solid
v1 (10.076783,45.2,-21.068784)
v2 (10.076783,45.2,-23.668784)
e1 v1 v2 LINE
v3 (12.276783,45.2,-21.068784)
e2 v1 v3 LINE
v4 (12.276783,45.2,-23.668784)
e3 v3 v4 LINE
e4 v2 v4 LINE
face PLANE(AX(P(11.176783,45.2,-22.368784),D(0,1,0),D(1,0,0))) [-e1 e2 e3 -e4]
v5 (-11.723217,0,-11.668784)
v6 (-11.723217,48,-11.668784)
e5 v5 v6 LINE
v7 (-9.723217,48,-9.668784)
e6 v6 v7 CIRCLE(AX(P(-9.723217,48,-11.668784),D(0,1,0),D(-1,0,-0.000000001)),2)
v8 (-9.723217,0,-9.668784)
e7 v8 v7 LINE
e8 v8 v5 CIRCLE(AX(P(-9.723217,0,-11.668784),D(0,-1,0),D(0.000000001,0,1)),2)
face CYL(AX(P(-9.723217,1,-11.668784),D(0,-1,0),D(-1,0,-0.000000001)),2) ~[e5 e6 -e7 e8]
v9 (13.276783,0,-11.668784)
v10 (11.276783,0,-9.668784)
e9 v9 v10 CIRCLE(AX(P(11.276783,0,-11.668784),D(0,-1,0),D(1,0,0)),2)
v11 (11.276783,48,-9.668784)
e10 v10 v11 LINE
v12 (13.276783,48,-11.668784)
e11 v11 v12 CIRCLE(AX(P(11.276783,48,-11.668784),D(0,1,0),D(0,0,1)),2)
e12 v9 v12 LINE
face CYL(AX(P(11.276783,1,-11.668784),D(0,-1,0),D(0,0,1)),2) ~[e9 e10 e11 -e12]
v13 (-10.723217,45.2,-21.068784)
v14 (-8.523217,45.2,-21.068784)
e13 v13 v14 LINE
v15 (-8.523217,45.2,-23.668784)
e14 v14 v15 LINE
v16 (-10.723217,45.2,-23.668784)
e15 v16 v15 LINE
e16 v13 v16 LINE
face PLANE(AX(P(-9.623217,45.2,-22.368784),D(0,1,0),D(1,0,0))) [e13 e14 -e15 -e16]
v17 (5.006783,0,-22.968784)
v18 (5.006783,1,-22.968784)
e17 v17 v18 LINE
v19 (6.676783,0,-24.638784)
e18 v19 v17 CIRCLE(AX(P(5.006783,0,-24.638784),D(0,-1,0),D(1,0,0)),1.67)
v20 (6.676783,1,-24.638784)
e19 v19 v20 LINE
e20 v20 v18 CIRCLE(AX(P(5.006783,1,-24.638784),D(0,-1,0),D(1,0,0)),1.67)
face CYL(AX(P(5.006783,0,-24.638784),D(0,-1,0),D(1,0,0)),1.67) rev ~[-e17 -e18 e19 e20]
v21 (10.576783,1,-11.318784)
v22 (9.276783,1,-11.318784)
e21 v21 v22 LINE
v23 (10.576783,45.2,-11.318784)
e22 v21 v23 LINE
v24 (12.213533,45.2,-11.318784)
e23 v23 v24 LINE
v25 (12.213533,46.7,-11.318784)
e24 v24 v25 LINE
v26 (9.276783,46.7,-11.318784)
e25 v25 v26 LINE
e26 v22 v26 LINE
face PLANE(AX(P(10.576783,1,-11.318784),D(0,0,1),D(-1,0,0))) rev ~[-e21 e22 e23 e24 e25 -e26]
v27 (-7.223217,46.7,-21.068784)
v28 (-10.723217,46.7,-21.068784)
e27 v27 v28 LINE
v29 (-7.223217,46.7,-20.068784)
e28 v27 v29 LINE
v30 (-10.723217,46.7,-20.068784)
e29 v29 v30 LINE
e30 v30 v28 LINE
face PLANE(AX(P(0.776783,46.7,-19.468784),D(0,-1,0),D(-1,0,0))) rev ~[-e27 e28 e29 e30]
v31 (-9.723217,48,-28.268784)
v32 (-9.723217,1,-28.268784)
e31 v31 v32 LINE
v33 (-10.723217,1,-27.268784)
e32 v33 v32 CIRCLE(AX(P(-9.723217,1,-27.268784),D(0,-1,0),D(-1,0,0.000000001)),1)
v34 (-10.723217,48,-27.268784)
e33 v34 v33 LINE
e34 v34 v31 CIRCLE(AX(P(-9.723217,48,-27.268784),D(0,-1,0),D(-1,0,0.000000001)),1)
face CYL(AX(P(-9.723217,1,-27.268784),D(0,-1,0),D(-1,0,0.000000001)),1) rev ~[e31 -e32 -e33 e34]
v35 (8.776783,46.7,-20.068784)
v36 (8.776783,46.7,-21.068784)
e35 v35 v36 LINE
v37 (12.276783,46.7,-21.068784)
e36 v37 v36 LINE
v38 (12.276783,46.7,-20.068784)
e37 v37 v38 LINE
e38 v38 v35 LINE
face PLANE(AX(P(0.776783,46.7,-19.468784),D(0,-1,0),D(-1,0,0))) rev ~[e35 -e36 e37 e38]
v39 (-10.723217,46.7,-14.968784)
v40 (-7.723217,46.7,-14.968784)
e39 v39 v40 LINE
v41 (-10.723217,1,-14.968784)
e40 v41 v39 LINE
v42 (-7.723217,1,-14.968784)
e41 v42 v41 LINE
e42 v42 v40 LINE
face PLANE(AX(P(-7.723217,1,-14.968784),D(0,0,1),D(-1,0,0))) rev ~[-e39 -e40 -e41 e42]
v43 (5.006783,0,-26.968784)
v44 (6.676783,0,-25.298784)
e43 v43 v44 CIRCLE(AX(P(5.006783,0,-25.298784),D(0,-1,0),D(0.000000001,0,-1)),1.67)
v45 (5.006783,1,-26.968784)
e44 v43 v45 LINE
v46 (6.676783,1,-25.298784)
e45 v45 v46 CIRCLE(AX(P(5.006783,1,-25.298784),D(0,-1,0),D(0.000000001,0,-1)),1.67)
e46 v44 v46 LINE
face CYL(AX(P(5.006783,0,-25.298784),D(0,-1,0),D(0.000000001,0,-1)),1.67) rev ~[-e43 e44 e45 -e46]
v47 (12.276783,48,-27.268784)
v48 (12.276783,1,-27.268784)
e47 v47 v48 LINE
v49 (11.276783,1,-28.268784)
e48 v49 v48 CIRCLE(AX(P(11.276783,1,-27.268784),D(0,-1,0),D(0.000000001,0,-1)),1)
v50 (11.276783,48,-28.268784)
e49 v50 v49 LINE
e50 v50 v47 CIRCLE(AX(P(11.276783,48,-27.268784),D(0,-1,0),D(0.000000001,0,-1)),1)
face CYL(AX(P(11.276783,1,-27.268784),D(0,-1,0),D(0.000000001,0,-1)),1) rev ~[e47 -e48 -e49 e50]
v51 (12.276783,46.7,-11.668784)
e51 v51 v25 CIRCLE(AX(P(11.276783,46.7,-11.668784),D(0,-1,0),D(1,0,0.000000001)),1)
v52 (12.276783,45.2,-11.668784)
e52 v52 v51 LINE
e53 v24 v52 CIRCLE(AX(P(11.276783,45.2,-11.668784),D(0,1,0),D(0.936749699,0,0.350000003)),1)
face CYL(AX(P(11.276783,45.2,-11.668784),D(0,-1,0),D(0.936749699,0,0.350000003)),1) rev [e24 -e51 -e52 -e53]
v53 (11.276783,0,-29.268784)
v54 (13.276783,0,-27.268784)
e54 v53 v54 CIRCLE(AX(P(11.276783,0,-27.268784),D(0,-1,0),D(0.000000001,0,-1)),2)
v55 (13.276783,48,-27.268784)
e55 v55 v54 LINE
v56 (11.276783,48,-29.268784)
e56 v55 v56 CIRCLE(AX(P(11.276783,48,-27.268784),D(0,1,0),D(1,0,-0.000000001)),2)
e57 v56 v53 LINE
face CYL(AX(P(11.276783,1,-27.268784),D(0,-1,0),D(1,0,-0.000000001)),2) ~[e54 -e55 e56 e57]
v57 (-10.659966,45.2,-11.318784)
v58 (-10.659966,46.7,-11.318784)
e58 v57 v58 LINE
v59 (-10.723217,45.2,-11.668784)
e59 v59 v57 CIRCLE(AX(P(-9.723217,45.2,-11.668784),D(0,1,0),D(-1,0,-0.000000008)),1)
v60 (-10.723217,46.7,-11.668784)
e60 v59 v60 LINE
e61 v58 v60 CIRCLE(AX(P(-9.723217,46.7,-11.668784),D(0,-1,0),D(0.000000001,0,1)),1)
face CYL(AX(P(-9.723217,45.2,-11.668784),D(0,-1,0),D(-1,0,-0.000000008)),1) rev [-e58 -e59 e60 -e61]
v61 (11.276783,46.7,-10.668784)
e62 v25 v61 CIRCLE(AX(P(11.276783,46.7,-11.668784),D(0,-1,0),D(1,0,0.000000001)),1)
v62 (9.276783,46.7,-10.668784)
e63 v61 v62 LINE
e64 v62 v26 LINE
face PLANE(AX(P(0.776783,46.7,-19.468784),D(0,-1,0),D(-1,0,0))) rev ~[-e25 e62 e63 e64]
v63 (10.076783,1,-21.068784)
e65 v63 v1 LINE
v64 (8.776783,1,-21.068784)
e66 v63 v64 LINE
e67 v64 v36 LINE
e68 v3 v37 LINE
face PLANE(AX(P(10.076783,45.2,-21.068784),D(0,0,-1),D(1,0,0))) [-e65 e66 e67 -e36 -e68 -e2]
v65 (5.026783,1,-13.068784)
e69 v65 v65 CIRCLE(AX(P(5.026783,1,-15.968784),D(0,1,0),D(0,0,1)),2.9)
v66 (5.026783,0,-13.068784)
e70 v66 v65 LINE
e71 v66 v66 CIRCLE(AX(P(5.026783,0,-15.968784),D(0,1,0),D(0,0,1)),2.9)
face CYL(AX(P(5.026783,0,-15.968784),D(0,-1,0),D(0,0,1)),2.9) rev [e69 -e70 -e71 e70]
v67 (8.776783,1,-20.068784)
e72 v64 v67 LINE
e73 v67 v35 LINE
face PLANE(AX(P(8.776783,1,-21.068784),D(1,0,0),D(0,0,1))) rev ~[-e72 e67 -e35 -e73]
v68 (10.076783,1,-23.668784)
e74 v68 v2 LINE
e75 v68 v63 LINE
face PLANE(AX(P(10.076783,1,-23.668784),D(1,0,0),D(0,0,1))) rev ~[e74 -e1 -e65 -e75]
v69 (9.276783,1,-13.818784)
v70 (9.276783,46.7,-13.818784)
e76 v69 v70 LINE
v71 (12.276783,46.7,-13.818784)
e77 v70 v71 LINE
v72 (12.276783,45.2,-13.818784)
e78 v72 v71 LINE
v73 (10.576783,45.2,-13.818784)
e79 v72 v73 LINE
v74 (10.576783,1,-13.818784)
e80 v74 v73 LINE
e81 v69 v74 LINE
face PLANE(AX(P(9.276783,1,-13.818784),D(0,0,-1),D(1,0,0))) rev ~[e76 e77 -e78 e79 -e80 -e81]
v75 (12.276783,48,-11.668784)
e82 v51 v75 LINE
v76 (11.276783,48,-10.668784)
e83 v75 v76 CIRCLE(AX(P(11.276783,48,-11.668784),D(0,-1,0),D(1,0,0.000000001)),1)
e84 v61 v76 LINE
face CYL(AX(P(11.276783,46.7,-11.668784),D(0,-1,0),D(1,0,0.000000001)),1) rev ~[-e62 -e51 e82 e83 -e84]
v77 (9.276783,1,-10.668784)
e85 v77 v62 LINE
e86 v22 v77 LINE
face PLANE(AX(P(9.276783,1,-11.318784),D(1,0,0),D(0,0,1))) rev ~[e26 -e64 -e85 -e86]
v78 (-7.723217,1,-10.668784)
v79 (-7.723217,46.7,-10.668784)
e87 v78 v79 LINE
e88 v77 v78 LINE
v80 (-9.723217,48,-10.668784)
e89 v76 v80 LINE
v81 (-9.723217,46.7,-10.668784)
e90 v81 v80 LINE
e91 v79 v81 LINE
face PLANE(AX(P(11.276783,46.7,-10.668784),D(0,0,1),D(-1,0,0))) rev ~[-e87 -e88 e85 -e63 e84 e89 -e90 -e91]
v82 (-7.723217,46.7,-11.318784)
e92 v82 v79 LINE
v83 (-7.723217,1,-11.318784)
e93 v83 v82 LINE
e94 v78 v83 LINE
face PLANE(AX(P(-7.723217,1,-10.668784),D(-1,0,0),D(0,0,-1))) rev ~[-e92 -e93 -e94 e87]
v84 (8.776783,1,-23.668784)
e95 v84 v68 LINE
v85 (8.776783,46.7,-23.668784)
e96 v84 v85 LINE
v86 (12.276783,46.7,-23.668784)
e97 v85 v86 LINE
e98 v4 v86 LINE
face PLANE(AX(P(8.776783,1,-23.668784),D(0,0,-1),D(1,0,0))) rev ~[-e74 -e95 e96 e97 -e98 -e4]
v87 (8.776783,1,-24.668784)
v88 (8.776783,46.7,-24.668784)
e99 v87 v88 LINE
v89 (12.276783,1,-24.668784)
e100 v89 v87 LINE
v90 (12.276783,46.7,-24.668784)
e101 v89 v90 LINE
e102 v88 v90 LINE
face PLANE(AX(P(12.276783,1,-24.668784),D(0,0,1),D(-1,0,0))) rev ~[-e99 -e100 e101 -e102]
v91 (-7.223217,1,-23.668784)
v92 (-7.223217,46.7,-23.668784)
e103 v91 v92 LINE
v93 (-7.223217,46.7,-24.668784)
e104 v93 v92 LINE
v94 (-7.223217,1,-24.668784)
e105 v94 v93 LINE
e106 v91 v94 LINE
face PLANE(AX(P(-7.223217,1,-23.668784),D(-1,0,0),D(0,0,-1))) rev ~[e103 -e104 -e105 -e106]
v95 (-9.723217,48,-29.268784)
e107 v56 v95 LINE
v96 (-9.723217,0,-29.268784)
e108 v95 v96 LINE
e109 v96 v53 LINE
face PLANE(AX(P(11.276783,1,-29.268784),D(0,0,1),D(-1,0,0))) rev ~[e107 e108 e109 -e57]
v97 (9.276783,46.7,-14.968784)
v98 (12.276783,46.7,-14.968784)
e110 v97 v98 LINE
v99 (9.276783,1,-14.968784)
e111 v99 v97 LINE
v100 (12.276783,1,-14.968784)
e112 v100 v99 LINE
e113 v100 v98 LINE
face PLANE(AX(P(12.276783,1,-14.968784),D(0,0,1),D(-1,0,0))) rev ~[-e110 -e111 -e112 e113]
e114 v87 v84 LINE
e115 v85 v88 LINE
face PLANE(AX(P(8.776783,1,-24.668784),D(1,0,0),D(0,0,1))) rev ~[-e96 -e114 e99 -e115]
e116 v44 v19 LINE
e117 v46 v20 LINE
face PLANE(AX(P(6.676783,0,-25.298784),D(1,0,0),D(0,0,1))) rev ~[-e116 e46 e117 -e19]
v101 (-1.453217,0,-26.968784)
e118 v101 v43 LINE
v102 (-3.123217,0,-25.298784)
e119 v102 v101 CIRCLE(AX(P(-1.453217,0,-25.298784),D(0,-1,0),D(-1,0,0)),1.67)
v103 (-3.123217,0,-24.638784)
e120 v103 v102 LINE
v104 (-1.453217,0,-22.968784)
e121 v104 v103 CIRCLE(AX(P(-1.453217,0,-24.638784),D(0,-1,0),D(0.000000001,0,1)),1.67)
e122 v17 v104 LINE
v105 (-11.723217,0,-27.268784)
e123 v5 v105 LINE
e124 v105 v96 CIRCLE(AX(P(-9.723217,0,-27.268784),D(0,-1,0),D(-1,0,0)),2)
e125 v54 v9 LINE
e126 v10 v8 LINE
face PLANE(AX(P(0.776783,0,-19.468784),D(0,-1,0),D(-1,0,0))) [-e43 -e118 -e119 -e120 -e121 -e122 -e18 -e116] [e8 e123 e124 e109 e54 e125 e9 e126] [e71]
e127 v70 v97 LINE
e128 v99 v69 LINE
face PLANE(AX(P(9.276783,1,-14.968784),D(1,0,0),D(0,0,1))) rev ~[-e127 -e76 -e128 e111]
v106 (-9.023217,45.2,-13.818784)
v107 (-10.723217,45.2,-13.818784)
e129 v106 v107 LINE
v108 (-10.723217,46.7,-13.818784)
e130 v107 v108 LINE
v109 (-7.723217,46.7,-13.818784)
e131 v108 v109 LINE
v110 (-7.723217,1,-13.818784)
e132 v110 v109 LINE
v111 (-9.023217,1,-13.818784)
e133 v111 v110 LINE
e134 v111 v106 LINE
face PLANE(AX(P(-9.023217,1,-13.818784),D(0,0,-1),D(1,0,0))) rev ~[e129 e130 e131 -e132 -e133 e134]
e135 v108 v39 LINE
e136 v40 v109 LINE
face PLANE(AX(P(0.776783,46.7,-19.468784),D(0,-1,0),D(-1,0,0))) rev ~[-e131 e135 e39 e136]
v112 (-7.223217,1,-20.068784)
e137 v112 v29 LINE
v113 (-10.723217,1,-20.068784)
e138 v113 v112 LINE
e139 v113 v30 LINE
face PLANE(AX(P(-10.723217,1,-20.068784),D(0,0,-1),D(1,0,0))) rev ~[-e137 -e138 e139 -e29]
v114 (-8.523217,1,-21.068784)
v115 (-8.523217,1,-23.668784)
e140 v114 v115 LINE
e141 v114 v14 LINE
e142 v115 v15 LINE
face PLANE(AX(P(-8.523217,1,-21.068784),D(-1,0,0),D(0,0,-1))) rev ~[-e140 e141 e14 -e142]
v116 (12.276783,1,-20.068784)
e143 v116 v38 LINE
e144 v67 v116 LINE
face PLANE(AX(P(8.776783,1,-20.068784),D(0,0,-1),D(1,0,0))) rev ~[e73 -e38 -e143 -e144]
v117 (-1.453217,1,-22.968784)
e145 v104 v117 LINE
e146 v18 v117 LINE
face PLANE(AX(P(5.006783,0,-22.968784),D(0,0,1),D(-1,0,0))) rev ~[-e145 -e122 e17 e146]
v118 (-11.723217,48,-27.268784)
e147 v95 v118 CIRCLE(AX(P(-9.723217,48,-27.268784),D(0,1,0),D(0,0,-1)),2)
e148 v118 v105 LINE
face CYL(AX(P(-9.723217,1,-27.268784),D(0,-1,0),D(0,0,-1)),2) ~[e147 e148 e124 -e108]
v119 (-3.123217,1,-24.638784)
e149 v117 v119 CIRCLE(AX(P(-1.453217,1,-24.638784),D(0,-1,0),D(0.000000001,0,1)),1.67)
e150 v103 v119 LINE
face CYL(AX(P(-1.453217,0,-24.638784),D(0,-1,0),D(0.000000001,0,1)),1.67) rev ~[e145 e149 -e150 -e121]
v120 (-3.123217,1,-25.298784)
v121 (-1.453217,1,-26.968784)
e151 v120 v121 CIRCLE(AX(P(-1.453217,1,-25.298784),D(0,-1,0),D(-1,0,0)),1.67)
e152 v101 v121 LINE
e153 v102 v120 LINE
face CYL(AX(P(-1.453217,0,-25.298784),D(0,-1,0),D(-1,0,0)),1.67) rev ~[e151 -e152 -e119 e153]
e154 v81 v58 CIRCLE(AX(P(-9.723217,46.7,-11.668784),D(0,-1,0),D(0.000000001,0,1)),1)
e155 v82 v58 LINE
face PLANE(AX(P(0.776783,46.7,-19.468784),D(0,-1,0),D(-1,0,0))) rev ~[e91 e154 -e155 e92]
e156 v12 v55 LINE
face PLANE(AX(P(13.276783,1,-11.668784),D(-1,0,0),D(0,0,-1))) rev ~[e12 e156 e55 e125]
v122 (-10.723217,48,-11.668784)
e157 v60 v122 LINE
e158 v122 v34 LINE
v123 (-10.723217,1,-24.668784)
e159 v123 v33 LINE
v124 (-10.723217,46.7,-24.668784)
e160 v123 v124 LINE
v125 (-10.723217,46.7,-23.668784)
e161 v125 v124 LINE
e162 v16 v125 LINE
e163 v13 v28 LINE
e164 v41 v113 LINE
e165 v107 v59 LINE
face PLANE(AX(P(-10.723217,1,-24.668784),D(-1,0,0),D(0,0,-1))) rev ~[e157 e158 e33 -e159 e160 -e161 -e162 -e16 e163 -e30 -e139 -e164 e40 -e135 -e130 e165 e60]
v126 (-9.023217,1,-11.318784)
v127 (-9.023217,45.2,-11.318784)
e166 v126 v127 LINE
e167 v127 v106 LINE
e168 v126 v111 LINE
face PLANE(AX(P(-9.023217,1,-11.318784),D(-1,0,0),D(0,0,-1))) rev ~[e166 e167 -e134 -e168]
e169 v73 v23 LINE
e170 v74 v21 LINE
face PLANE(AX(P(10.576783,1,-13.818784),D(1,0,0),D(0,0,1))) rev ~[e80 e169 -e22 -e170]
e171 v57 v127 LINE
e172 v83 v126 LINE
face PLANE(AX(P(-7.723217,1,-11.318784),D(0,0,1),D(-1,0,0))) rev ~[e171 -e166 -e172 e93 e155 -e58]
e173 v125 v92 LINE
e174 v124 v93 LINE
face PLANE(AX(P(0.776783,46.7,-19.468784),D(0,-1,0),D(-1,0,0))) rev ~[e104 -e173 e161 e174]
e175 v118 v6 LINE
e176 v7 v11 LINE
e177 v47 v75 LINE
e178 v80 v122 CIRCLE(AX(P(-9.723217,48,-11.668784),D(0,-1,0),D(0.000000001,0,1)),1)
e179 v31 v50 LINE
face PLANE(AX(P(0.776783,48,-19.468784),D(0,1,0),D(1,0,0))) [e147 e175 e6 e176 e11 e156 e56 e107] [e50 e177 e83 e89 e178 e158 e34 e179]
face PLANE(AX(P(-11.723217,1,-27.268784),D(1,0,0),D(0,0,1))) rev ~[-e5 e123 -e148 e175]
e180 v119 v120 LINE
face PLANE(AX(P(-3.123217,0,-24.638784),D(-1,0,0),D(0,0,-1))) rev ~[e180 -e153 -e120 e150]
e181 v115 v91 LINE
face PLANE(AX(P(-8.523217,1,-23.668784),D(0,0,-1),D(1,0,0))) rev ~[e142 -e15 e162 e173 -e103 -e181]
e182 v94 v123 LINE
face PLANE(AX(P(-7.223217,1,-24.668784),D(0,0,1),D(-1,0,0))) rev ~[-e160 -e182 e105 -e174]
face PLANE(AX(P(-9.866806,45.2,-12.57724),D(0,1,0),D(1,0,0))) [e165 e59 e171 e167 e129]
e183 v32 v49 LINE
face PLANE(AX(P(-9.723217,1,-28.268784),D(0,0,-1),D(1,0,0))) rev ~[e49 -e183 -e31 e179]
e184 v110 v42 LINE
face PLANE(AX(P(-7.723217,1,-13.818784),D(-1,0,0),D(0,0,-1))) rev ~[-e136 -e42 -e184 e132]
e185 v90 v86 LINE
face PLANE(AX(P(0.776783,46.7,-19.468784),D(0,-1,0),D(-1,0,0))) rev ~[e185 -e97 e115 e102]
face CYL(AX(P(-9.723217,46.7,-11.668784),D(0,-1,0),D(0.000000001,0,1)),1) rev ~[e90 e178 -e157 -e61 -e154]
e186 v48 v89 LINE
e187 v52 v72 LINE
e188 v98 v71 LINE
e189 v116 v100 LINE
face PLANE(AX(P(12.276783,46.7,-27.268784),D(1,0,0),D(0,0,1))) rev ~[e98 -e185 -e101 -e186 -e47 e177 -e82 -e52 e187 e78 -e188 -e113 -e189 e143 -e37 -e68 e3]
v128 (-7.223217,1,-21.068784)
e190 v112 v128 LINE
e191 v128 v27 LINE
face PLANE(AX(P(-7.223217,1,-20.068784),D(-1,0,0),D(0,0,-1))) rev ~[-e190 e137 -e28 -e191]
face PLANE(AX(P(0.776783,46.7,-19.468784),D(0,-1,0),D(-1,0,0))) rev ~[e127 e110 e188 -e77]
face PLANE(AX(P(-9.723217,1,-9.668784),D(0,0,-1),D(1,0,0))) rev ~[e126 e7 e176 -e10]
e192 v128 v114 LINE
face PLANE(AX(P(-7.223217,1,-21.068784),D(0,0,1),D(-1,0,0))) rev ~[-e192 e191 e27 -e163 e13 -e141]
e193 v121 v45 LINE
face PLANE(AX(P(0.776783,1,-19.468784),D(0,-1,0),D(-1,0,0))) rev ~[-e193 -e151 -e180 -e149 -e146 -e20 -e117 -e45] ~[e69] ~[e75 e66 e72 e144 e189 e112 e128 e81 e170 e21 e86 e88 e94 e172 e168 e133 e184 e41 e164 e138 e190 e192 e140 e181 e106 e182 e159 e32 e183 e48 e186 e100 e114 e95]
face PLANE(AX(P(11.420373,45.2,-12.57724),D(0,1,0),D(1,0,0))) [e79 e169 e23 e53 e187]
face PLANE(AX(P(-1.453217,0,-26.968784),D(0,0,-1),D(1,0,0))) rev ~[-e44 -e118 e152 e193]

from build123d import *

# Parameters (mm, degrees)
SKETCH_1_R          = 2.9
EXTRUDE_3_DEPTH     = 1
EXTRUDE_6_DEPTH     = 47
CUT_EXTRUDE_START   = -1.3
CUT_EXTRUDE_1_DEPTH = 1.3
CUT_EXTRUDE_START_2 = -1.5
SKETCH_6_W          = 2.2
SKETCH_6_H          = 2.6
CUT_EXTRUDE_2_DEPTH = 1.5


with BuildPart() as part:
    # Эскиз1 → Бобышка-Вытянуть3 (new body)
    with BuildSketch(Plane(origin=(0, 0, 0), x_dir=(1, 0, 0), z_dir=(0, 1, 0))):
        with BuildLine():
            Line((-11.72321672, 11.668784432), (-11.72321672, 27.268784432))
            ThreePointArc((-11.72321672, 27.268784432), (-11.137430283, 28.682997994), (-9.72321672, 29.268784432))
            Line((-9.72321672, 29.268784432), (11.27678328, 29.268784432))
            ThreePointArc((11.27678328, 29.268784432), (12.690996842, 28.682997994), (13.27678328, 27.268784432))
            Line((13.27678328, 27.268784432), (13.27678328, 11.668784432))
            ThreePointArc((13.27678328, 11.668784432), (12.690996842, 10.254570869), (11.27678328, 9.668784432))
            Line((11.27678328, 9.668784432), (9.27678328, 9.668784432))
            Line((9.27678328, 9.668784432), (-9.72321672, 9.668784432))
            ThreePointArc((-9.72321672, 9.668784432), (-11.137430283, 10.254570869), (-11.72321672, 11.668784432))
        make_face()
        with Locations(Location((5.02678328, 15.968784432, 0), (0, 0, 270))):
            Circle(SKETCH_1_R, mode=Mode.SUBTRACT)
        with BuildLine():
            Line((-1.45321672, 26.968784432), (5.00678328, 26.968784432))
            ThreePointArc((5.00678328, 26.968784432), (6.187651604, 26.479652756), (6.67678328, 25.298784432))
            Line((6.67678328, 25.298784432), (6.67678328, 24.638784432))
            ThreePointArc((6.67678328, 24.638784432), (6.187651604, 23.457916107), (5.00678328, 22.968784432))
            Line((5.00678328, 22.968784432), (-1.45321672, 22.968784432))
            ThreePointArc((-1.45321672, 22.968784432), (-2.634085045, 23.457916107), (-3.12321672, 24.638784432))
            Line((-3.12321672, 24.638784432), (-3.12321672, 25.298784432))
            ThreePointArc((-3.12321672, 25.298784432), (-2.634085045, 26.479652756), (-1.45321672, 26.968784432))
        make_face(mode=Mode.SUBTRACT)
    extrude(amount=EXTRUDE_3_DEPTH)

    # Эскиз3 → Бобышка-Вытянуть6 (add)
    with BuildSketch(Plane(origin=(0, 1, 0), x_dir=(1, 0, 0), z_dir=(0, 1, 0))):
        with BuildLine():
            Line((-11.72321672, 27.268784432), (-11.72321672, 11.668784432))
            ThreePointArc((-11.72321672, 11.668784432), (-11.137430283, 10.254570869), (-9.72321672, 9.668784432))
            Line((-9.72321672, 9.668784432), (11.27678328, 9.668784432))
            ThreePointArc((11.27678328, 9.668784432), (12.690996842, 10.254570869), (13.27678328, 11.668784432))
            Line((13.27678328, 11.668784432), (13.27678328, 27.268784432))
            ThreePointArc((13.27678328, 27.268784432), (12.690996842, 28.682997994), (11.27678328, 29.268784432))
            Line((11.27678328, 29.268784432), (-9.72321672, 29.268784432))
            ThreePointArc((-9.72321672, 29.268784432), (-11.137430283, 28.682997994), (-11.72321672, 27.268784432))
        make_face()
        with BuildLine():
            Line((12.27678328, 14.968784432), (9.27678328, 14.968784432))
            Line((9.27678328, 14.968784432), (9.27678328, 13.818784432))
            Line((9.27678328, 13.818784432), (10.57678328, 13.818784432))
            Line((10.57678328, 13.818784432), (10.57678328, 11.318784432))
            Line((10.57678328, 11.318784432), (9.27678328, 11.318784432))
            Line((9.27678328, 11.318784432), (9.27678328, 10.668784432))
            Line((9.27678328, 10.668784432), (-7.72321672, 10.668784432))
            Line((-7.72321672, 10.668784432), (-7.72321672, 11.318784432))
            Line((-7.72321672, 11.318784432), (-9.02321672, 11.318784432))
            Line((-9.02321672, 11.318784432), (-9.02321672, 13.818784432))
            Line((-9.02321672, 13.818784432), (-7.72321672, 13.818784432))
            Line((-7.72321672, 13.818784432), (-7.72321672, 14.968784432))
            Line((-7.72321672, 14.968784432), (-10.72321672, 14.968784432))
            Line((-10.72321672, 14.968784432), (-10.72321672, 20.068784432))
            Line((-10.72321672, 20.068784432), (-7.22321672, 20.068784432))
            Line((-7.22321672, 20.068784432), (-7.22321672, 21.068784432))
            Line((-7.22321672, 21.068784432), (-8.52321672, 21.068784432))
            Line((-8.52321672, 21.068784432), (-8.52321672, 23.668784432))
            Line((-8.52321672, 23.668784432), (-7.22321672, 23.668784432))
            Line((-7.22321672, 23.668784432), (-7.22321672, 24.668784432))
            Line((-7.22321672, 24.668784432), (-10.72321672, 24.668784432))
            Line((-10.72321672, 24.668784432), (-10.72321672, 27.268784432))
            ThreePointArc((-10.72321672, 27.268784432), (-10.430323502, 27.975891213), (-9.72321672, 28.268784432))
            Line((-9.72321672, 28.268784432), (11.27678328, 28.268784432))
            ThreePointArc((11.27678328, 28.268784432), (11.983890061, 27.975891213), (12.27678328, 27.268784432))
            Line((12.27678328, 27.268784432), (12.27678328, 24.668784432))
            Line((12.27678328, 24.668784432), (8.77678328, 24.668784432))
            Line((8.77678328, 24.668784432), (8.77678328, 23.668784432))
            Line((8.77678328, 23.668784432), (10.07678328, 23.668784432))
            Line((10.07678328, 23.668784432), (10.07678328, 21.068784432))
            Line((10.07678328, 21.068784432), (8.77678328, 21.068784432))
            Line((8.77678328, 21.068784432), (8.77678328, 20.068784432))
            Line((8.77678328, 20.068784432), (12.27678328, 20.068784432))
            Line((12.27678328, 20.068784432), (12.27678328, 14.968784432))
        make_face(mode=Mode.SUBTRACT)
    extrude(amount=EXTRUDE_6_DEPTH)

    # Эскиз5 → Вырез-Вытянуть1 (cut)
    with BuildSketch(Plane(origin=(0, 48, 0), x_dir=(1, 0, 0), z_dir=(0, 1, 0)).offset(CUT_EXTRUDE_START)):
        with BuildLine():
            Line((-9.72321672, 28.268784432), (11.27678328, 28.268784432))
            ThreePointArc((11.27678328, 28.268784432), (11.983890061, 27.975891213), (12.27678328, 27.268784432))
            Line((12.27678328, 27.268784432), (12.27678328, 11.668784432))
            ThreePointArc((12.27678328, 11.668784432), (11.983890061, 10.961677651), (11.27678328, 10.668784432))
            Line((11.27678328, 10.668784432), (-9.72321672, 10.668784432))
            ThreePointArc((-9.72321672, 10.668784432), (-10.430323502, 10.961677651), (-10.72321672, 11.668784432))
            Line((-10.72321672, 11.668784432), (-10.72321672, 27.268784432))
            ThreePointArc((-10.72321672, 27.268784432), (-10.430323502, 27.975891213), (-9.72321672, 28.268784432))
        make_face()
    extrude(amount=CUT_EXTRUDE_1_DEPTH, mode=Mode.SUBTRACT)

    # Эскиз6 → Вырез-Вытянуть2 (cut)
    with BuildSketch(Plane(origin=(0, 46.7, 0), x_dir=(1, 0, 0), z_dir=(0, 1, 0)).offset(CUT_EXTRUDE_START_2)):
        with Locations((-9.62321672, 22.368784432)):
            Rectangle(SKETCH_6_W, SKETCH_6_H)
        with Locations((11.17678328, 22.368784432)):
            Rectangle(SKETCH_6_W, SKETCH_6_H)
        with BuildLine():
            Line((10.57678328, 13.818784432), (10.57678328, 11.318784432))
            Line((10.57678328, 11.318784432), (12.213532979, 11.318784432))
            ThreePointArc((12.213532979, 11.318784432), (12.260843669, 11.490949817), (12.27678328, 11.668784432))
            Line((12.27678328, 11.668784432), (12.27678328, 13.818784432))
            Line((12.27678328, 13.818784432), (10.57678328, 13.818784432))
        make_face()
        with BuildLine():
            Line((-9.02321672, 13.818784432), (-10.72321672, 13.818784432))
            Line((-10.72321672, 13.818784432), (-10.72321672, 11.668784432))
            ThreePointArc((-10.72321672, 11.668784432), (-10.70727711, 11.490949817), (-10.65996642, 11.318784432))
            Line((-10.65996642, 11.318784432), (-9.02321672, 11.318784432))
            Line((-9.02321672, 11.318784432), (-9.02321672, 13.818784432))
        make_face()
    extrude(amount=CUT_EXTRUDE_2_DEPTH, mode=Mode.SUBTRACT)


solid = part.part
